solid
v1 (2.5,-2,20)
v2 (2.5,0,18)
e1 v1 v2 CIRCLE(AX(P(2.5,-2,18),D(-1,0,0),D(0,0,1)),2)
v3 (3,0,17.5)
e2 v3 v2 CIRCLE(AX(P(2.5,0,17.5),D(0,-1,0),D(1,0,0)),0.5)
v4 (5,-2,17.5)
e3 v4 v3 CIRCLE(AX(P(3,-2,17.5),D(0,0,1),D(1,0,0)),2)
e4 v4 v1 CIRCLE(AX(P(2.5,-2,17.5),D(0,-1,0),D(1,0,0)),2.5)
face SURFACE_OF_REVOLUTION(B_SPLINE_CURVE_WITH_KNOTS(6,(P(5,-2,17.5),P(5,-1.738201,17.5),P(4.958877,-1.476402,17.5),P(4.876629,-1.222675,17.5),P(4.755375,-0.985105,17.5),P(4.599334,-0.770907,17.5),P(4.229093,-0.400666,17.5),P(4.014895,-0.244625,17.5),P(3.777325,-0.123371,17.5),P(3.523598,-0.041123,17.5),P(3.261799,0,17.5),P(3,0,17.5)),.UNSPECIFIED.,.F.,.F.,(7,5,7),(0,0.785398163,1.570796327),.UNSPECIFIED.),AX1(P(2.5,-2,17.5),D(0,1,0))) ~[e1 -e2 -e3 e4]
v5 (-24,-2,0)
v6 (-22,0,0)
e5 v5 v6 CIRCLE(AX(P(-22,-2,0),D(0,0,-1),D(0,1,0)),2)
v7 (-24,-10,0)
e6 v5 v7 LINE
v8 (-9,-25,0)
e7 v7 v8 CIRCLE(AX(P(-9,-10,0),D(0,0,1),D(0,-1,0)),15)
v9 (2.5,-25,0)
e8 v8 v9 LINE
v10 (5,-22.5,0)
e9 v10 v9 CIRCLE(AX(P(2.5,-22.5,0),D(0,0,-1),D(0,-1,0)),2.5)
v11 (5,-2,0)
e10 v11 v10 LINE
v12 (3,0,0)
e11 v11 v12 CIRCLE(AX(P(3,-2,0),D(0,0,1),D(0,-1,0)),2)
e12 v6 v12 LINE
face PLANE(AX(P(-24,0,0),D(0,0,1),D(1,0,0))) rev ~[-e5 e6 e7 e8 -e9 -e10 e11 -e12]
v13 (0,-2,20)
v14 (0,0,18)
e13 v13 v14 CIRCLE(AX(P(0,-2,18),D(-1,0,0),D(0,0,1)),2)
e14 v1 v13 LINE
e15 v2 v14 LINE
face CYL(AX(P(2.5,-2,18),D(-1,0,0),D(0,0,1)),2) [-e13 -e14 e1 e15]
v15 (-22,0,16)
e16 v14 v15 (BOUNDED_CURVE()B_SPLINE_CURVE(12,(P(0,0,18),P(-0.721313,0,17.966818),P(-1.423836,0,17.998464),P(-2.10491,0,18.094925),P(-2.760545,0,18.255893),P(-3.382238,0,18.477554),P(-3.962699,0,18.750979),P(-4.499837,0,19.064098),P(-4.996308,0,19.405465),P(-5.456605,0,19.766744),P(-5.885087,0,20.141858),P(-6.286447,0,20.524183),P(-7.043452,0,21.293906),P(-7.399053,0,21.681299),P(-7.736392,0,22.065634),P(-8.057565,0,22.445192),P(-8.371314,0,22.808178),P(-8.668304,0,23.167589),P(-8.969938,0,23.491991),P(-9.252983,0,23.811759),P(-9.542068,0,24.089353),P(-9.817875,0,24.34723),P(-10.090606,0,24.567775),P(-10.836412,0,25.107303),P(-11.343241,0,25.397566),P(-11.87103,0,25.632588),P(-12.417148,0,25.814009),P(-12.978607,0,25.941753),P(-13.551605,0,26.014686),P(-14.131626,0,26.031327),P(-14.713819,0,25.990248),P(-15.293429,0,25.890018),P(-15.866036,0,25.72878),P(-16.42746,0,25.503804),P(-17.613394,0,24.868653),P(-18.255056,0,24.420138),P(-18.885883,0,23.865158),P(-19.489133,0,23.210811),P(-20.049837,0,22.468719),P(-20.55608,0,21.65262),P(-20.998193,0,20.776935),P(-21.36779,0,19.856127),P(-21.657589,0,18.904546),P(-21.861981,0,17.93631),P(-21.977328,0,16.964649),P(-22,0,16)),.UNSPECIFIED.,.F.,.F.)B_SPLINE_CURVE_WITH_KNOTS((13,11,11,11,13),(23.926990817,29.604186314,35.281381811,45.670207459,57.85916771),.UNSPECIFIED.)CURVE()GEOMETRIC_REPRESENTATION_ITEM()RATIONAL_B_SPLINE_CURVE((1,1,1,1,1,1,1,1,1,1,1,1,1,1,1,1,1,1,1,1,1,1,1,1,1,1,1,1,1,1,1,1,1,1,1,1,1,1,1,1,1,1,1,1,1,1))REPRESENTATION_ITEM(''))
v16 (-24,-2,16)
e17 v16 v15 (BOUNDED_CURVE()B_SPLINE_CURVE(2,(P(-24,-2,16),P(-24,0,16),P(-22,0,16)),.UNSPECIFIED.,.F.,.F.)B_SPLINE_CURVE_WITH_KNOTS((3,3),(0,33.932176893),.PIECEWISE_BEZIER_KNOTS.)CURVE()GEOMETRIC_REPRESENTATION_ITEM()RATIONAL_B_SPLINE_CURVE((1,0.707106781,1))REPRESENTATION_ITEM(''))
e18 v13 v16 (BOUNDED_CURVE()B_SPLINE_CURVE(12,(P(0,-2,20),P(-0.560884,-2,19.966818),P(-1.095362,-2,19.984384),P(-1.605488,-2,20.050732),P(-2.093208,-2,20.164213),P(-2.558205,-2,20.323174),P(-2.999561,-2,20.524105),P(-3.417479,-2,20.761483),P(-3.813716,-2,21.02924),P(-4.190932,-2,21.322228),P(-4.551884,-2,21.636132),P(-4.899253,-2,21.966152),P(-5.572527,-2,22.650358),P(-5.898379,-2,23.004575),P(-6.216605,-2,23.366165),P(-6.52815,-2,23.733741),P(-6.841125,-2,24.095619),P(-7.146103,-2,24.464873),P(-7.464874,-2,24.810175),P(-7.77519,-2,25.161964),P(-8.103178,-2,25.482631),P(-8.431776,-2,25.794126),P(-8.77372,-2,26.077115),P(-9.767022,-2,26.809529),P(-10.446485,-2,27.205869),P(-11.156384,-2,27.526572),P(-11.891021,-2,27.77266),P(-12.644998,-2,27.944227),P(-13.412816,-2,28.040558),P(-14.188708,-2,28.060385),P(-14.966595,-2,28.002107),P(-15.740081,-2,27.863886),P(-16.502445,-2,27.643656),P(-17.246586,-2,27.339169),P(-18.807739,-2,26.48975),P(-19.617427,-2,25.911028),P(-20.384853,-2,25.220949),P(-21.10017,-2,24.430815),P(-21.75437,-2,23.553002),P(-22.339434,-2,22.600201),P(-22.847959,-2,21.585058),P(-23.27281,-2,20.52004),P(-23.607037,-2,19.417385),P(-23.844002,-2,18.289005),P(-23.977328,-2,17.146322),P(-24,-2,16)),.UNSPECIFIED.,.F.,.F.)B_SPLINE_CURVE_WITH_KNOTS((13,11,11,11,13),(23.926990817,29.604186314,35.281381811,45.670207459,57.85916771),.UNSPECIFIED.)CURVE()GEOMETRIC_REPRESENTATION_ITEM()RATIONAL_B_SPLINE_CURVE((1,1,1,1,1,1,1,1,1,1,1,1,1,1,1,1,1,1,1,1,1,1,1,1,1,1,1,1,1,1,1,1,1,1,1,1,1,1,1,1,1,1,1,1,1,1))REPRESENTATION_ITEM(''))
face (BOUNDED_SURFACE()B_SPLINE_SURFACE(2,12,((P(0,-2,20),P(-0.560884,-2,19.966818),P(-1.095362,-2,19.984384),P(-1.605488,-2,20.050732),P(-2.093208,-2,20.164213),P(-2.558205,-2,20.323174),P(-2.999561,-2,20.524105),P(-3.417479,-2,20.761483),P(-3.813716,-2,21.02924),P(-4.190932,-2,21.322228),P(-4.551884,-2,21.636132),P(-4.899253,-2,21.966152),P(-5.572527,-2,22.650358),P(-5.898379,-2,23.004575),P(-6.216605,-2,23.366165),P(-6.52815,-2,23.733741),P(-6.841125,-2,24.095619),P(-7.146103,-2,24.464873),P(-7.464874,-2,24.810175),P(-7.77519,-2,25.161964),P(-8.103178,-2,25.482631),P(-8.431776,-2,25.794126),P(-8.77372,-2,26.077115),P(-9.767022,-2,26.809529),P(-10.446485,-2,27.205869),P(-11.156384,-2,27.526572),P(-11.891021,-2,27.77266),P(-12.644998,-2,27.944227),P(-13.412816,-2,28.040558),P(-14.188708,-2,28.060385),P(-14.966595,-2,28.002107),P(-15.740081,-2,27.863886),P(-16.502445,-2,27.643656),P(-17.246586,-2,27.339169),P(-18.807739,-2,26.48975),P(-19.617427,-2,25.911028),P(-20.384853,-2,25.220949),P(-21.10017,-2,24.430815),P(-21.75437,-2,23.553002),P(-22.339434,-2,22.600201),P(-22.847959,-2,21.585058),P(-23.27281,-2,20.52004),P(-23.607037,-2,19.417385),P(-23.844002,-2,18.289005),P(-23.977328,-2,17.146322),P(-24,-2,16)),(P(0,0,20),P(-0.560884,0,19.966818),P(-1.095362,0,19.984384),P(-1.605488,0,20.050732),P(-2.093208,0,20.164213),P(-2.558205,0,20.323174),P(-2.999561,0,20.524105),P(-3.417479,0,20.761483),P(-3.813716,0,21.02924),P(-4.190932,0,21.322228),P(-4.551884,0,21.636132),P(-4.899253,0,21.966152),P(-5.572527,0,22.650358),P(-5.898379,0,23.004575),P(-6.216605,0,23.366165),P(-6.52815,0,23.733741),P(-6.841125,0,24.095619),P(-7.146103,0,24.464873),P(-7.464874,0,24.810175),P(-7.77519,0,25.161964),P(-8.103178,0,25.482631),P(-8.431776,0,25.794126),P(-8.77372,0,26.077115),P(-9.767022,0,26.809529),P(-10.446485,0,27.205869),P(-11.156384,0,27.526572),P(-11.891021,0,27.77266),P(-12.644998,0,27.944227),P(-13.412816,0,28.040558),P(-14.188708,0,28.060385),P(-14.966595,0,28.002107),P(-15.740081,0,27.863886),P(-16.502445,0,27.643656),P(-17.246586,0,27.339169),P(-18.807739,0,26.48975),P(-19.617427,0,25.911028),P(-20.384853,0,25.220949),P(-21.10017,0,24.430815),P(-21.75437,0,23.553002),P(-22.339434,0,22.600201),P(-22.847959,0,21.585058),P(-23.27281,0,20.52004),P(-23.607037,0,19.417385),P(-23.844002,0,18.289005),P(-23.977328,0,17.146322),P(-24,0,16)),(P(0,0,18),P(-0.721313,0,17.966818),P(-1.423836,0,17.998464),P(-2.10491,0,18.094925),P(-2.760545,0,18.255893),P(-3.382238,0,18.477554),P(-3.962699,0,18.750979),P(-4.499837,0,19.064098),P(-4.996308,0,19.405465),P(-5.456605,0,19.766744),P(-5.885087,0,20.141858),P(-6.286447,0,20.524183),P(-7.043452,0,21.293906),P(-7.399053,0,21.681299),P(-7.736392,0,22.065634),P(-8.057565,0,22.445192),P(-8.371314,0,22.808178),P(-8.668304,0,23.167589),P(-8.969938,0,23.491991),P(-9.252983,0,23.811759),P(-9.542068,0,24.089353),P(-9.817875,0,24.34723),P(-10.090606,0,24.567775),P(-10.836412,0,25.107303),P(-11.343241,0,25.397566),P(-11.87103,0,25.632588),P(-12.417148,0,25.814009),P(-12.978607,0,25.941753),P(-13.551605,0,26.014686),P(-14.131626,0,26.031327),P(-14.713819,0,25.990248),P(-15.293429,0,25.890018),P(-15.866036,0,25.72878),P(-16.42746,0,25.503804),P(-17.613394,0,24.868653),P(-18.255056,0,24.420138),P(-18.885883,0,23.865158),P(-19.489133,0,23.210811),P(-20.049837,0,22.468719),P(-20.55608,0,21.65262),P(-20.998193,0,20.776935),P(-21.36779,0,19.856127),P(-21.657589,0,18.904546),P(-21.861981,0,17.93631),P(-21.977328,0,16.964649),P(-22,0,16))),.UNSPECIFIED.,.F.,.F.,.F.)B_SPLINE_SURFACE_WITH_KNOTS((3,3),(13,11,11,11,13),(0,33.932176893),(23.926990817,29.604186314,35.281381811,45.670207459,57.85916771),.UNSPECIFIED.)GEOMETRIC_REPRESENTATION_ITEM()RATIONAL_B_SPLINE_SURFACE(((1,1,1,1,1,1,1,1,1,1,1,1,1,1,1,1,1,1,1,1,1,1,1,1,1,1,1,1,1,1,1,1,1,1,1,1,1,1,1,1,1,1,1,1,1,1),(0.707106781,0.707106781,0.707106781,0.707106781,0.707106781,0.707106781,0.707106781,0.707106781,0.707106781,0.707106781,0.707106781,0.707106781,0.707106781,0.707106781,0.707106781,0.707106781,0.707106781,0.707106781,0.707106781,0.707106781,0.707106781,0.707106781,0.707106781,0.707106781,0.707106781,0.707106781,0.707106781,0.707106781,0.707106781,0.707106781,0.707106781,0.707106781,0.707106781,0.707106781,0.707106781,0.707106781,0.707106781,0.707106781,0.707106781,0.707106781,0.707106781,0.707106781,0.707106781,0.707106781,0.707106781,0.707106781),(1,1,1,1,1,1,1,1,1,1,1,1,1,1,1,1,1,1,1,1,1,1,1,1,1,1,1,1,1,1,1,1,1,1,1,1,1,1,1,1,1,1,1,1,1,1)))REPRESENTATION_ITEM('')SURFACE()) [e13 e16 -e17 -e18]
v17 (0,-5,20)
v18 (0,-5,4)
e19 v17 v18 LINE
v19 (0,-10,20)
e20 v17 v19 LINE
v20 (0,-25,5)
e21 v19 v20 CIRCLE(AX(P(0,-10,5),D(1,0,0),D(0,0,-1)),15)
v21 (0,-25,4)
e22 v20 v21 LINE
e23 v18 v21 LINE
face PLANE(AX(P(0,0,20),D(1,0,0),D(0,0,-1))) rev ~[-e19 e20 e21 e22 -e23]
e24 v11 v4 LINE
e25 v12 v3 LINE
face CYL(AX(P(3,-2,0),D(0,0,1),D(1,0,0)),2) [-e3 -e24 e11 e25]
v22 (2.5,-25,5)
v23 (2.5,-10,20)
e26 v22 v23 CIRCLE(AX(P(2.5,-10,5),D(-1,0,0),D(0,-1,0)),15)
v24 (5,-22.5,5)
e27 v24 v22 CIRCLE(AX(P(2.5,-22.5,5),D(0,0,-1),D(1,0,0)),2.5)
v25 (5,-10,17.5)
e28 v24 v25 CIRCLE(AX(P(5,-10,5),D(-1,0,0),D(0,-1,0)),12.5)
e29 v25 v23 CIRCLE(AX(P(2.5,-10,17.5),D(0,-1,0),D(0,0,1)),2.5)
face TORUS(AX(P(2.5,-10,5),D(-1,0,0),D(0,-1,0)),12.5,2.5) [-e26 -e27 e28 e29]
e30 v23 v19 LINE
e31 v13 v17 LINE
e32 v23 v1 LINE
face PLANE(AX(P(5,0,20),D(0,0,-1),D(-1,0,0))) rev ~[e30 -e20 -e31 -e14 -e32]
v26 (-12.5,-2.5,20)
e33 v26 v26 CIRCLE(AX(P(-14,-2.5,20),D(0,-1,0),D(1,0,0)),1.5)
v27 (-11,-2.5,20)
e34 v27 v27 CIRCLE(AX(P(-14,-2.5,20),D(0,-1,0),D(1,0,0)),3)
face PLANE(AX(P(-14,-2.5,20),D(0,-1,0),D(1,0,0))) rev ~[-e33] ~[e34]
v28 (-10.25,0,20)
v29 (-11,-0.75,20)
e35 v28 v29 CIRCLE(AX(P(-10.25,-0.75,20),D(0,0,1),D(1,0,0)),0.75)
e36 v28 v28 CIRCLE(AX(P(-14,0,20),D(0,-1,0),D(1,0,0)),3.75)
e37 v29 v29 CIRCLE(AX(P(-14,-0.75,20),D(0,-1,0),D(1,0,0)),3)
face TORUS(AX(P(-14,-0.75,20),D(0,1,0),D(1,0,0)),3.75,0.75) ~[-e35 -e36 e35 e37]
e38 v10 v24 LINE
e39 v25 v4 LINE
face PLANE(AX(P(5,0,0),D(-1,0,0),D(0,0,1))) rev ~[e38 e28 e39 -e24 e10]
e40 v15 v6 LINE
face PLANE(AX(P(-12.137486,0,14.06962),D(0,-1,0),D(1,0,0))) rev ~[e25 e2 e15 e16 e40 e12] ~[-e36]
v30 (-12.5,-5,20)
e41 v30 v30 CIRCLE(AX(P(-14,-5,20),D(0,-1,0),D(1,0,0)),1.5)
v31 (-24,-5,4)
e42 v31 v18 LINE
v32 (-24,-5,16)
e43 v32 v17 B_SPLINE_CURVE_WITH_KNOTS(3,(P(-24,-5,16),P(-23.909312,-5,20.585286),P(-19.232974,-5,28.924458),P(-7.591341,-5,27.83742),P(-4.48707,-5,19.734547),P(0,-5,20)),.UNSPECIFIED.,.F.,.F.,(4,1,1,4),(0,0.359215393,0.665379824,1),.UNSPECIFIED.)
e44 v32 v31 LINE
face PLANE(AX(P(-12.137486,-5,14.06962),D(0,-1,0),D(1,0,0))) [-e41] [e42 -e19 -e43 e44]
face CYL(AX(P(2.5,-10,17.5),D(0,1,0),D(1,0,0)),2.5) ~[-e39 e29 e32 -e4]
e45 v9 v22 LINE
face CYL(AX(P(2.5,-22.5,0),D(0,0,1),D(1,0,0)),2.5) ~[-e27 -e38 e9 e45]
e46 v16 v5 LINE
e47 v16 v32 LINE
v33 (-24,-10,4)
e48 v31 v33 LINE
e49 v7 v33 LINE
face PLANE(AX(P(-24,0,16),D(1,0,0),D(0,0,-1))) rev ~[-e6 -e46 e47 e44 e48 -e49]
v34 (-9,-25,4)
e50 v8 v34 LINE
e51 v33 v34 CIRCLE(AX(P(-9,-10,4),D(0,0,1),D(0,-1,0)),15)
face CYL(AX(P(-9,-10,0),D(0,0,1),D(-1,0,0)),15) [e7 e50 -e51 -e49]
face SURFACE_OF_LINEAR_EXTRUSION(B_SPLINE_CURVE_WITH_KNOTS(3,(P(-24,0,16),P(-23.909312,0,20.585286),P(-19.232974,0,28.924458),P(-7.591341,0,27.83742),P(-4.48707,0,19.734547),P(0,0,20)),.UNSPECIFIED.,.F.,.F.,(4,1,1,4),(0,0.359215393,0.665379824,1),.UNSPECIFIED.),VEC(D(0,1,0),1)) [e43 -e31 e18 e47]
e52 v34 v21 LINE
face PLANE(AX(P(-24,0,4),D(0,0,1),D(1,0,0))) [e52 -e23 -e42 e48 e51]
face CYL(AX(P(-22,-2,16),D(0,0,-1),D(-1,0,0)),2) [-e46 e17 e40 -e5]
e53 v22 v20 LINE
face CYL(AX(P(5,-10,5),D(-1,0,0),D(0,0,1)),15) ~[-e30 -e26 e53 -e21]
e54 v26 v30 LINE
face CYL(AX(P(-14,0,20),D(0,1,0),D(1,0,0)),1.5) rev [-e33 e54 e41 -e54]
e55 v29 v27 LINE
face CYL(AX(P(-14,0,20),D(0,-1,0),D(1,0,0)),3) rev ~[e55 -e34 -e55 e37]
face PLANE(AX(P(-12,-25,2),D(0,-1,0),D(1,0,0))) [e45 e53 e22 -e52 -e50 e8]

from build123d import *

# Parameters (mm, degrees)
F0_W     = 24
F0_H     = 4
F1_DEPTH = 25
F0_R     = 3
F0_R_2   = 1.5
F2_DEPTH = 5
F3_R     = 15
F4_R     = 2.5
F5_DEPTH = 2.5
F6_R     = 2
F7_R     = 0.75


with BuildPart() as f1:
    # F0 (on Front) → F1 (new body)
    with BuildSketch(Plane.XZ):
        with Locations((-12, 2)):
            Rectangle(F0_W, F0_H)
        Polygon((0, 20), (0, 4), (0, 0), (5, 0), (5, 20), align=None)
    extrude(amount=F1_DEPTH)

    # F0 (on Front) → F2 (join)
    with BuildSketch(Plane.XZ):
        with BuildLine():
            Line((-24, 16), (-24, 4))
            Line((-24, 4), (0, 4))
            Line((0, 4), (0, 20))
            add(Edge.make_bspline(
                [(-24, 16), (-23.9093121332, 20.5852864547), (-19.2329736628, 28.9244579006), (-7.5913408906, 27.8374196293), (-4.487070255, 19.7345465422), (0, 20)],
                knots=[0, 0, 0, 0, 0.3592153928, 0.6653798243, 1, 1, 1, 1], degree=3))
        make_face()
        with Locations((-14, 20)):
            Circle(F0_R, mode=Mode.SUBTRACT)
        with Locations((-12, 2)):
            Rectangle(F0_W, F0_H)
        Polygon((0, 20), (0, 4), (0, 0), (5, 0), (5, 20), align=None)
        with Locations((-14, 20)):
            Circle(F0_R)
        with Locations((-14, 20)):
            Circle(F0_R_2, mode=Mode.SUBTRACT)
    extrude(amount=F2_DEPTH)

    # F3
    f3_edges = [f1.edges().sort_by_distance(p)[0] for p in [
        (-24, -25, 2),
        (2.5, -25, 20),
    ]]
    fillet(f3_edges, radius=F3_R)

    # F4
    f4_edges = [f1.edges().sort_by_distance(p)[0] for p in [
        (5, -5, 20),
    ]]
    fillet(f4_edges, radius=F4_R)

    # F0 (on Front) → F5 (cut, symmetric)
    with BuildSketch(Plane.XZ):
        with Locations((-14, 20)):
            Circle(F0_R)
        with Locations((-14, 20)):
            Circle(F0_R_2, mode=Mode.SUBTRACT)
    extrude(amount=F5_DEPTH, both=True, mode=Mode.SUBTRACT)

    # F6
    f6_edges = [f1.edges().sort_by_distance(p)[0] for p in [
        (5, 0, 8.75),
        (4.267767, 0, 19.267767),
        (-24, 0, 8),
        (-14.21195, 0, 27.945974),
        (1.25, 0, 20),
    ]]
    fillet(f6_edges, radius=F6_R)

    # F7
    f7_edges = [f1.edges().sort_by_distance(p)[0] for p in [
        (-17, 0, 20),
    ]]
    fillet(f7_edges, radius=F7_R)


solid = f1.part
